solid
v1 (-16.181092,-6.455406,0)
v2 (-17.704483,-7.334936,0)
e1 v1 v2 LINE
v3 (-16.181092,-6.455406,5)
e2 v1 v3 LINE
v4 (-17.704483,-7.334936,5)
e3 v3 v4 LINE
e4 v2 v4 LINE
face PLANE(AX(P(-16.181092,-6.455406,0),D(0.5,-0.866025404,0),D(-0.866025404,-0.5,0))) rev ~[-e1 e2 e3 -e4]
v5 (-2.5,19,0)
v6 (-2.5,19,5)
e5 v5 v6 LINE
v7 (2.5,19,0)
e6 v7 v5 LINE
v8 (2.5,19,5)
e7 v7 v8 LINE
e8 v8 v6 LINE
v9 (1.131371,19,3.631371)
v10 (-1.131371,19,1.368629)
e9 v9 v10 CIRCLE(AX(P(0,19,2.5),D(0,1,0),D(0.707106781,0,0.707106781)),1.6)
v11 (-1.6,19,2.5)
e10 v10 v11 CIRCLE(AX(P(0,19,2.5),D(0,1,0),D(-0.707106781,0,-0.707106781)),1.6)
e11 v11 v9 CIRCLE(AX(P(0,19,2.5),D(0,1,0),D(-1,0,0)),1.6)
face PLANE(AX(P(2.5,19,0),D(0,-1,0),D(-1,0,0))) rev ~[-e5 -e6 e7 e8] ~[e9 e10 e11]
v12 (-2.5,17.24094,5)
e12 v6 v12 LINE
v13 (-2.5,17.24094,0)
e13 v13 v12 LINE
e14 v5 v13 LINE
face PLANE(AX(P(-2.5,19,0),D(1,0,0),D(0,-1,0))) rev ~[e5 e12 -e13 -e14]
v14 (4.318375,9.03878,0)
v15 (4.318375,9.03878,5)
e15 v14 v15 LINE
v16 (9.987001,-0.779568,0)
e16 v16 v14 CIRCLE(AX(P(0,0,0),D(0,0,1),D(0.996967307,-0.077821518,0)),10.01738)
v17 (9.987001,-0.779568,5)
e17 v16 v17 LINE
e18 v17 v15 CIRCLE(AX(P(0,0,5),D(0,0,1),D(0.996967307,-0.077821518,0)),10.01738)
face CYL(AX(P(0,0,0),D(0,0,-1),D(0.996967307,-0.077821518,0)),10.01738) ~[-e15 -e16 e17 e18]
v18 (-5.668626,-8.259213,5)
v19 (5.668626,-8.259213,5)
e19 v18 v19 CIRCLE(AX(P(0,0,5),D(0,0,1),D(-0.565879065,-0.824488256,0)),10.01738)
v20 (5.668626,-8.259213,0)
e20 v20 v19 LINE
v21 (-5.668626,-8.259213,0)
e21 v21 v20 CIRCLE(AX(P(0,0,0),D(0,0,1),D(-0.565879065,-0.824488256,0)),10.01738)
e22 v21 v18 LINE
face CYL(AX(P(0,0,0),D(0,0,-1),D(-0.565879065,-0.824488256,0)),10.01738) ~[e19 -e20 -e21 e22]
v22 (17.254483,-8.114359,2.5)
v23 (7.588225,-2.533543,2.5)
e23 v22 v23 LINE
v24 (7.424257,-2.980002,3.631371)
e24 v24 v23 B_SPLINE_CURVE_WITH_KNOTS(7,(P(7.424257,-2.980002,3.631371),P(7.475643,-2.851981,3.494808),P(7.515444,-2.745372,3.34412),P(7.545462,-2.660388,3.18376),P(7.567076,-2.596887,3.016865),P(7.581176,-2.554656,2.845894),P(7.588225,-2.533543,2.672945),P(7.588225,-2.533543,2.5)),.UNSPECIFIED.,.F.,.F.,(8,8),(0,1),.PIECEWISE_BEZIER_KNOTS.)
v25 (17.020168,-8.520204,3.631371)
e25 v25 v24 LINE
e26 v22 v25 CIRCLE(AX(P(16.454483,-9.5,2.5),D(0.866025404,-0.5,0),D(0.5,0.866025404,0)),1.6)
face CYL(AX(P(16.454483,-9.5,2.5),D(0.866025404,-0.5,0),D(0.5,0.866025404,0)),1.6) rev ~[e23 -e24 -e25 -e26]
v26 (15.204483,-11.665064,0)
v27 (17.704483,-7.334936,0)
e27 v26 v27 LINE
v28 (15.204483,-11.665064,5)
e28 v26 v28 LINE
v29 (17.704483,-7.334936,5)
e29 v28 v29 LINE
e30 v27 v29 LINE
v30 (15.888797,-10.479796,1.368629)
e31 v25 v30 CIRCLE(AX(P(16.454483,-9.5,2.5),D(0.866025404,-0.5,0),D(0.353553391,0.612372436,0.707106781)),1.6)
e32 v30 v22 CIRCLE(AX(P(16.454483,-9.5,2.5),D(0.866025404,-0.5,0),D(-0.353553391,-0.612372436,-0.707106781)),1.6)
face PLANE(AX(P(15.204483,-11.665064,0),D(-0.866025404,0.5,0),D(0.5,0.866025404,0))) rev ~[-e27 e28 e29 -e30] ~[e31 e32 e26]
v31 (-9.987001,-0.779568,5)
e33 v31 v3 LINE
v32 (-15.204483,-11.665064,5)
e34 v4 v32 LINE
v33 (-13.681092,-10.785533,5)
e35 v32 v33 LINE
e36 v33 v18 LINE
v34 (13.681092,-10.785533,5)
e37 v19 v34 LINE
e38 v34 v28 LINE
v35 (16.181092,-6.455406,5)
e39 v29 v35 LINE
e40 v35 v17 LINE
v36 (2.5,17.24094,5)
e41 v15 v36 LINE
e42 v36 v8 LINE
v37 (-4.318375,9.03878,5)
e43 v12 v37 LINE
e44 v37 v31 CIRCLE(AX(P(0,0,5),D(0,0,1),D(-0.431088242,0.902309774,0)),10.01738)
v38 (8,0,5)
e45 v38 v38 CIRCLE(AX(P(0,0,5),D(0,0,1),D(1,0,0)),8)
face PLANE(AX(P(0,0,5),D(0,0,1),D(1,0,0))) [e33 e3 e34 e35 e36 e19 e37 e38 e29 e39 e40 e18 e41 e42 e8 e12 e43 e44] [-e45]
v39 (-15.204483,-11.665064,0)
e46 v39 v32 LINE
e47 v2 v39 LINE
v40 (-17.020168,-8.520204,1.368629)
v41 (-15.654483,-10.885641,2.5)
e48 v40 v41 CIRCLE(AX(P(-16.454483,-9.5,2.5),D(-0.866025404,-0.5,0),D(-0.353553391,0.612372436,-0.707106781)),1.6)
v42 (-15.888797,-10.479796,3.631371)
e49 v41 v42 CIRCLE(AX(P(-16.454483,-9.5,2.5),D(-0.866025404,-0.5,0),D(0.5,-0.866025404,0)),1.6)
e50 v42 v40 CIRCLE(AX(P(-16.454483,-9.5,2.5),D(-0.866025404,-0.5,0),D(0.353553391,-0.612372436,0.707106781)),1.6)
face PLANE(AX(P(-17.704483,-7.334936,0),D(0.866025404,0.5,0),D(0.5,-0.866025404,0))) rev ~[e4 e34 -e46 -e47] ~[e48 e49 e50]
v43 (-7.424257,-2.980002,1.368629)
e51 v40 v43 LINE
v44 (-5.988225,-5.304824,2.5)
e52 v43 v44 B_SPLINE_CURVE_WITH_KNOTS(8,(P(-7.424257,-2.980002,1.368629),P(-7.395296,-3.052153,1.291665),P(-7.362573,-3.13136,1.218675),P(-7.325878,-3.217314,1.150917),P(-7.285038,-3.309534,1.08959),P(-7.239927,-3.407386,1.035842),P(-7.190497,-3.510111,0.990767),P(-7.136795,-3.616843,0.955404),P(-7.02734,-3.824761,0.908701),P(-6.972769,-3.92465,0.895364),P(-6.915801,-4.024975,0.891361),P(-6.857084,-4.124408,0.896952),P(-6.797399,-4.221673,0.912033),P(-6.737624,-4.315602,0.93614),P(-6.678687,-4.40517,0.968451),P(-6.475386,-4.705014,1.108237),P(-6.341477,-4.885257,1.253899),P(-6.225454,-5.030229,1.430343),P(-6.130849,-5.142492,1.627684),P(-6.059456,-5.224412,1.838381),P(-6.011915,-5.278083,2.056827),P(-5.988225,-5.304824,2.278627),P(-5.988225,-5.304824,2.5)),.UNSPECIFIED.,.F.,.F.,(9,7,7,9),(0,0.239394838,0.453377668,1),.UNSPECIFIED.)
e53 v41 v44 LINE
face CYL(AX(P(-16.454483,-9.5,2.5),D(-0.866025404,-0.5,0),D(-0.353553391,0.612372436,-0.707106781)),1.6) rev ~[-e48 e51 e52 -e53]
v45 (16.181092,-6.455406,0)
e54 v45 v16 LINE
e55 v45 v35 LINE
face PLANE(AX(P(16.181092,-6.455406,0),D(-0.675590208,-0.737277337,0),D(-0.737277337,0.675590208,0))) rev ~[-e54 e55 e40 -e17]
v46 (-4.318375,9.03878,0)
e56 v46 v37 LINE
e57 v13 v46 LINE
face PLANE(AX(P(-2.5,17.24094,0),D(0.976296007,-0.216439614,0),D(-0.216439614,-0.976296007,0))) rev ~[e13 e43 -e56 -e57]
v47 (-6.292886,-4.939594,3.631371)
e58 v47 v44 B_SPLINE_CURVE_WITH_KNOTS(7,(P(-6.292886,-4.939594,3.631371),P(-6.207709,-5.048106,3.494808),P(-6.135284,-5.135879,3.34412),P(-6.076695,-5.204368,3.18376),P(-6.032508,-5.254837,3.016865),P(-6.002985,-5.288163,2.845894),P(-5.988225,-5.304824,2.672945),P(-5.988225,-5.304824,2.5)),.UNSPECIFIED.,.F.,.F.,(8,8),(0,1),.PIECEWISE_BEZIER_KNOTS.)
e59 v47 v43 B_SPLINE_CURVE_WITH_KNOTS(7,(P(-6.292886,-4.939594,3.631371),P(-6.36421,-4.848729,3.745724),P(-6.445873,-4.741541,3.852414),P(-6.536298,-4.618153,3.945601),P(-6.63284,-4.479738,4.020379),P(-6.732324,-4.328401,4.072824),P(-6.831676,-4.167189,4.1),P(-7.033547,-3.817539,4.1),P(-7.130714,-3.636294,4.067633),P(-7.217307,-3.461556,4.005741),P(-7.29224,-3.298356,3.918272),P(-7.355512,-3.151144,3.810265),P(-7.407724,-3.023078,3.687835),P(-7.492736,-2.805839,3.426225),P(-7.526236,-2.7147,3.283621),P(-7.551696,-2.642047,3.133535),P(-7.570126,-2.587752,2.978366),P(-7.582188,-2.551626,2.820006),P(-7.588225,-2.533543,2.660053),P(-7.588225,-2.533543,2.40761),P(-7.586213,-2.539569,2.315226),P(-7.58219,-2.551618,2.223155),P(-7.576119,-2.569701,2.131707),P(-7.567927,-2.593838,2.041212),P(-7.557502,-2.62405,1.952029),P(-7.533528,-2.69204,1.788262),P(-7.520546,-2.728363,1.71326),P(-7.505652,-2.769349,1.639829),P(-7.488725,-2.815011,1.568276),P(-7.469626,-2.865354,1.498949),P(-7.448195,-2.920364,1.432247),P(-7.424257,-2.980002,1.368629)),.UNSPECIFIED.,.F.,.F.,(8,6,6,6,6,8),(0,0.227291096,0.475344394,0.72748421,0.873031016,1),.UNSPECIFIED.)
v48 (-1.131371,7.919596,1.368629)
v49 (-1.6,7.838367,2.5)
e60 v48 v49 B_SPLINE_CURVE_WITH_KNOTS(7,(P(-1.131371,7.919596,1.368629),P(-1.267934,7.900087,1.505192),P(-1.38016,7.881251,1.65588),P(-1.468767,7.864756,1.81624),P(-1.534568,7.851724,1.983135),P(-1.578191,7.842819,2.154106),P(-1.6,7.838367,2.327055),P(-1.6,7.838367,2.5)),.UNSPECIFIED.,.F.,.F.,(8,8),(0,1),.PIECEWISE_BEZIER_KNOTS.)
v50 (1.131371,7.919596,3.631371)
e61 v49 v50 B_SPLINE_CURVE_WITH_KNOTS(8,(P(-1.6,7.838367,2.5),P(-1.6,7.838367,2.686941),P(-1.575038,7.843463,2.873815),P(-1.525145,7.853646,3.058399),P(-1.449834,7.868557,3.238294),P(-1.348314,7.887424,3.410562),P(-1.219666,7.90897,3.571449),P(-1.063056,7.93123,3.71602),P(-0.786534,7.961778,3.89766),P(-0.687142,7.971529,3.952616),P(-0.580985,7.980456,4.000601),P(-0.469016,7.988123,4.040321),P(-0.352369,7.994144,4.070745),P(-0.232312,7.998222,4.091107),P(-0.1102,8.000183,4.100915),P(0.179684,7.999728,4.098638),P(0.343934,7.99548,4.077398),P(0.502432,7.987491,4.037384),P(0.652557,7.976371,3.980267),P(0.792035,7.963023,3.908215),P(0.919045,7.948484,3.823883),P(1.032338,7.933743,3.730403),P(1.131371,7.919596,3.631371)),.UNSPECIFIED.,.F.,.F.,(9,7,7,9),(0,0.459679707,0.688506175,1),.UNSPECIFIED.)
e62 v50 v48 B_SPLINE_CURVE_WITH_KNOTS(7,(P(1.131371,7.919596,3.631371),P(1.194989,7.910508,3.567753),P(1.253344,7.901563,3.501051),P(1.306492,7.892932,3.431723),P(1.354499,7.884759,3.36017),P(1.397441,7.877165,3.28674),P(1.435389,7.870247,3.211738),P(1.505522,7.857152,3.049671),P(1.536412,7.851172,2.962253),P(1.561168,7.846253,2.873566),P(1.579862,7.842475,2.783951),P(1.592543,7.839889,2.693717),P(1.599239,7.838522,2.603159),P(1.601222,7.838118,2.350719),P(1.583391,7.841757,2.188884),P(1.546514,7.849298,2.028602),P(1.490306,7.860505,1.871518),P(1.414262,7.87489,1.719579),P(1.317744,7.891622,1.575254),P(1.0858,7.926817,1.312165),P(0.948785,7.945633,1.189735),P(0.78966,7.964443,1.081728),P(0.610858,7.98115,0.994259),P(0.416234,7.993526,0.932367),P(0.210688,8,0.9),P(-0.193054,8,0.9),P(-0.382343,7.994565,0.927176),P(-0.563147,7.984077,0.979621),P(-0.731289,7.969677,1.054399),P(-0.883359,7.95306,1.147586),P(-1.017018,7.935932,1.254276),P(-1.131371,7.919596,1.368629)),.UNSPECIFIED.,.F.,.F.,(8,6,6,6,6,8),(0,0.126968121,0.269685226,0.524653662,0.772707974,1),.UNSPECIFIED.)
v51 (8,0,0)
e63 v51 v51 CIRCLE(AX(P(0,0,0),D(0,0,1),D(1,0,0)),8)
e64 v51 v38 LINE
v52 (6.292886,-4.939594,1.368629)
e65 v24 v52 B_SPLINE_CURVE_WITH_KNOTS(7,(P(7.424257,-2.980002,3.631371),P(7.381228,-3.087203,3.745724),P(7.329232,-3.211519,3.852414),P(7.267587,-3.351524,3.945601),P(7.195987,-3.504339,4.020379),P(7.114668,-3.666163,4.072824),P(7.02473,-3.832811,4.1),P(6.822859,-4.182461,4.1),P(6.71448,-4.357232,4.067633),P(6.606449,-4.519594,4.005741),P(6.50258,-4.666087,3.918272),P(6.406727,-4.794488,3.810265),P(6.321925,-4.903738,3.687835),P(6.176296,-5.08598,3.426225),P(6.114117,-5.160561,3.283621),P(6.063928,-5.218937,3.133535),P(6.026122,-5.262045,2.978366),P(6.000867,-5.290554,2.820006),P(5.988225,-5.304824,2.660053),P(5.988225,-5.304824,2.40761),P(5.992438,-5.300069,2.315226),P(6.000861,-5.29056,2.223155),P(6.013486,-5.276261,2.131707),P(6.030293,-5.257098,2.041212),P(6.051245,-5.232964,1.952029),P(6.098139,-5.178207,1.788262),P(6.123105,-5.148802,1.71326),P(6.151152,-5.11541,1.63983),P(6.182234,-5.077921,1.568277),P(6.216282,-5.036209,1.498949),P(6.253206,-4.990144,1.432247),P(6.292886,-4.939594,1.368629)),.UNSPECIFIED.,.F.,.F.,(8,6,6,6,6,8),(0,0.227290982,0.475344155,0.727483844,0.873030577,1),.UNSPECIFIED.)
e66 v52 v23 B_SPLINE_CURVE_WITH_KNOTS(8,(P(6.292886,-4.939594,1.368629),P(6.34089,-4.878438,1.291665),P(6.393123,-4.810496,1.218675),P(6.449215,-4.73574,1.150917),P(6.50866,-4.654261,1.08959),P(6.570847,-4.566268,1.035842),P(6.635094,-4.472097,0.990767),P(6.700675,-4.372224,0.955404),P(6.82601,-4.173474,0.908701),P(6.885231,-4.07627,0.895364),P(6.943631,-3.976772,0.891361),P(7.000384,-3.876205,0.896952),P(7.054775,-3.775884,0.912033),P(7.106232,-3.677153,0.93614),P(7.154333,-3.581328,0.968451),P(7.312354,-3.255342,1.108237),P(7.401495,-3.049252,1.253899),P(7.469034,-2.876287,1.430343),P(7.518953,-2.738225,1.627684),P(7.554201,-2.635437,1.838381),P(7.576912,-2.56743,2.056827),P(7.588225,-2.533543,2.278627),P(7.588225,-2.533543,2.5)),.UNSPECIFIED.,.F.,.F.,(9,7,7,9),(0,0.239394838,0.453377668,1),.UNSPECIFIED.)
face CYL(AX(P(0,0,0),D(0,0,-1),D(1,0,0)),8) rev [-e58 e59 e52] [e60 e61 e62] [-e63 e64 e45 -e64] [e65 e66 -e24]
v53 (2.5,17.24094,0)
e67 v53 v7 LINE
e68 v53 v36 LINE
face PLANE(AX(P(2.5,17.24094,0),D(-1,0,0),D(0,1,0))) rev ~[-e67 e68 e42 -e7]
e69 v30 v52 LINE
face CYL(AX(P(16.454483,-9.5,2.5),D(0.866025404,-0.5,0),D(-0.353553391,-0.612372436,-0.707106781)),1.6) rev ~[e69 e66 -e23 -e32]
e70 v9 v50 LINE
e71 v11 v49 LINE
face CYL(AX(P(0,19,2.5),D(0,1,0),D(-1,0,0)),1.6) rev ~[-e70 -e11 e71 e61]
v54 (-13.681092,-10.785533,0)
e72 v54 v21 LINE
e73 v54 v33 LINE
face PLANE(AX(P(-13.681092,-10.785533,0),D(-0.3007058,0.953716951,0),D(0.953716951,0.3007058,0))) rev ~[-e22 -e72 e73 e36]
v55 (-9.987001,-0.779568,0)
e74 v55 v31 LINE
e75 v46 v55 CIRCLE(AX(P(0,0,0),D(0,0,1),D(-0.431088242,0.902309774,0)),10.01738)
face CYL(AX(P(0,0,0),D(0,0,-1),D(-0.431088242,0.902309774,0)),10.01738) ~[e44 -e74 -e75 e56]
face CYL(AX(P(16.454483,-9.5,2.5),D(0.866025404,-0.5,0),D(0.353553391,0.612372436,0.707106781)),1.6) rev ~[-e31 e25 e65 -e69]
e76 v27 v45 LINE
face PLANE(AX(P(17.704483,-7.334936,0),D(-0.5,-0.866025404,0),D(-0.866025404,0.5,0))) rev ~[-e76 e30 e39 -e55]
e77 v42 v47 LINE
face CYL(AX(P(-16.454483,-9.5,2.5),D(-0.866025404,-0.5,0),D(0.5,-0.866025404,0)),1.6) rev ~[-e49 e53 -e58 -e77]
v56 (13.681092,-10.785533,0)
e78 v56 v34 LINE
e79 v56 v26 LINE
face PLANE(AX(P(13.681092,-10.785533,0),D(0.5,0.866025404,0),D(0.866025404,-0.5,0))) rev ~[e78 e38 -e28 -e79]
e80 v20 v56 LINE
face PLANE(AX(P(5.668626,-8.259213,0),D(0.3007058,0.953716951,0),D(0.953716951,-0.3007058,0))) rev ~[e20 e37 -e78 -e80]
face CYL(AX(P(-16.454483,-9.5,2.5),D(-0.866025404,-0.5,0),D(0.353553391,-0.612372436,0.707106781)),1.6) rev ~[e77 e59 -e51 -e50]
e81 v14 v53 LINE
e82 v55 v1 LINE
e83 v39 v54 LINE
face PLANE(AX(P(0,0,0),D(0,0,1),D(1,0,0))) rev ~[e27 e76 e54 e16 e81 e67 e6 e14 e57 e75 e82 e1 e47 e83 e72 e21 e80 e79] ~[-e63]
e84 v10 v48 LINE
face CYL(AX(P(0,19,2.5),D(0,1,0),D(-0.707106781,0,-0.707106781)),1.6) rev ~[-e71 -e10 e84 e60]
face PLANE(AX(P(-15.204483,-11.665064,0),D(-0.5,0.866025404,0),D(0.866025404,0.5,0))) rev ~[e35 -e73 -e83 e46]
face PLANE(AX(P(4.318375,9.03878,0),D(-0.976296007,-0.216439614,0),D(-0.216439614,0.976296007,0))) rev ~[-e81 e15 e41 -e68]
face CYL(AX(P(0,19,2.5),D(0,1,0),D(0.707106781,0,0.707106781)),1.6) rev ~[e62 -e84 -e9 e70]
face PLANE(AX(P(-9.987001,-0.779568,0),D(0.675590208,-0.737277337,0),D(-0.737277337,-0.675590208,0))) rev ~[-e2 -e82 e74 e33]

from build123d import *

# Parameters (mm, degrees)
F0_R     = 8
F1_DEPTH = 5
F3_DEPTH = 15
F5_DEPTH = 15
F7_DEPTH = 15


with BuildPart() as f1:
    # F0 (on Top) → F1 (new body)
    with BuildSketch(Plane.XY):
        with BuildLine():
            Line((2.5, 17.2409396496), (2.5, 19))
            Line((2.5, 19), (-2.5, 19))
            Line((-2.5, 19), (-2.5, 17.2409396496))
            Line((-2.5, 17.2409396496), (-4.3183749452, 9.0387803215))
            ThreePointArc((-4.3183749452, 9.0387803215), (-8.6753059831, 5.0086902446), (-9.9870008502, -0.7795677551))
            Line((-9.9870008502, -0.7795677551), (-16.1810917216, -6.4554063153))
            Line((-16.1810917216, -6.4554063153), (-17.7044826719, -7.3349364905))
            Line((-17.7044826719, -7.3349364905), (-15.2044826719, -11.6650635095))
            Line((-15.2044826719, -11.6650635095), (-13.6810917216, -10.7855333342))
            Line((-13.6810917216, -10.7855333342), (-5.668625905, -8.2592125663))
            ThreePointArc((-5.668625905, -8.2592125663), (0, -10.0173804893), (5.668625905, -8.2592125663))
            Line((5.668625905, -8.2592125663), (13.6810917216, -10.7855333342))
            Line((13.6810917216, -10.7855333342), (15.2044826719, -11.6650635095))
            Line((15.2044826719, -11.6650635095), (17.7044826719, -7.3349364905))
            Line((17.7044826719, -7.3349364905), (16.1810917216, -6.4554063153))
            Line((16.1810917216, -6.4554063153), (9.9870008502, -0.7795677551))
            ThreePointArc((9.9870008502, -0.7795677551), (8.6753059831, 5.0086902446), (4.3183749452, 9.0387803215))
            Line((4.3183749452, 9.0387803215), (2.5, 17.2409396496))
        make_face()
        Circle(F0_R, mode=Mode.SUBTRACT)
    extrude(amount=F1_DEPTH)

    # F2 (on face) → F3 (cut)
    with BuildSketch(Plane(origin=(16.4544826719, -9.5, 0), x_dir=(0.5, 0.8660254038, 0), z_dir=(0.8660254038, -0.5, 0))):
        with BuildLine():
            ThreePointArc((1.6, 2.5), (1.478207252, 3.1122934918), (1.1313708499, 3.6313708499))
            Line((1.1313708499, 3.6313708499), (-1.1313708499, 1.3686291501))
            ThreePointArc((-1.1313708499, 1.3686291501), (0.6122934918, 1.021792748), (1.6, 2.5))
        make_face()
        with BuildLine():
            Line((-1.1313708499, 1.3686291501), (1.1313708499, 3.6313708499))
            ThreePointArc((1.1313708499, 3.6313708499), (-1.1313708499, 3.6313708499), (-1.1313708499, 1.3686291501))
        make_face()
    extrude(amount=-F3_DEPTH, mode=Mode.SUBTRACT)

    # F4 (on face) → F5 (cut)
    with BuildSketch(Plane(origin=(0, 19, 0), x_dir=(-1, 0, 0), z_dir=(0, 1, 0))):
        with BuildLine():
            Line((-1.1313708499, 3.6313708499), (1.1313708499, 1.3686291501))
            ThreePointArc((1.1313708499, 1.3686291501), (1.478207252, 1.8877065082), (1.6, 2.5))
            ThreePointArc((1.6, 2.5), (0.6122934918, 3.978207252), (-1.1313708499, 3.6313708499))
        make_face()
        with BuildLine():
            ThreePointArc((-1.1313708499, 3.6313708499), (-1.1313708499, 1.3686291501), (1.1313708499, 1.3686291501))
            Line((1.1313708499, 1.3686291501), (-1.1313708499, 3.6313708499))
        make_face()
    extrude(amount=-F5_DEPTH, mode=Mode.SUBTRACT)

    # F6 (on face) → F7 (cut)
    with BuildSketch(Plane(origin=(-16.4544826719, -9.5, 0), x_dir=(0.5, -0.8660254038, 0), z_dir=(-0.8660254038, -0.5, 0))):
        with BuildLine():
            ThreePointArc((1.1313708499, 3.6313708499), (-1.1313708499, 3.6313708499), (-1.1313708499, 1.3686291501))
            Line((-1.1313708499, 1.3686291501), (1.1313708499, 3.6313708499))
        make_face()
        with BuildLine():
            Line((1.1313708499, 3.6313708499), (-1.1313708499, 1.3686291501))
            ThreePointArc((-1.1313708499, 1.3686291501), (0.6122934918, 1.021792748), (1.6, 2.5))
            ThreePointArc((1.6, 2.5), (1.478207252, 3.1122934918), (1.1313708499, 3.6313708499))
        make_face()
    extrude(amount=-F7_DEPTH, mode=Mode.SUBTRACT)


solid = f1.part
